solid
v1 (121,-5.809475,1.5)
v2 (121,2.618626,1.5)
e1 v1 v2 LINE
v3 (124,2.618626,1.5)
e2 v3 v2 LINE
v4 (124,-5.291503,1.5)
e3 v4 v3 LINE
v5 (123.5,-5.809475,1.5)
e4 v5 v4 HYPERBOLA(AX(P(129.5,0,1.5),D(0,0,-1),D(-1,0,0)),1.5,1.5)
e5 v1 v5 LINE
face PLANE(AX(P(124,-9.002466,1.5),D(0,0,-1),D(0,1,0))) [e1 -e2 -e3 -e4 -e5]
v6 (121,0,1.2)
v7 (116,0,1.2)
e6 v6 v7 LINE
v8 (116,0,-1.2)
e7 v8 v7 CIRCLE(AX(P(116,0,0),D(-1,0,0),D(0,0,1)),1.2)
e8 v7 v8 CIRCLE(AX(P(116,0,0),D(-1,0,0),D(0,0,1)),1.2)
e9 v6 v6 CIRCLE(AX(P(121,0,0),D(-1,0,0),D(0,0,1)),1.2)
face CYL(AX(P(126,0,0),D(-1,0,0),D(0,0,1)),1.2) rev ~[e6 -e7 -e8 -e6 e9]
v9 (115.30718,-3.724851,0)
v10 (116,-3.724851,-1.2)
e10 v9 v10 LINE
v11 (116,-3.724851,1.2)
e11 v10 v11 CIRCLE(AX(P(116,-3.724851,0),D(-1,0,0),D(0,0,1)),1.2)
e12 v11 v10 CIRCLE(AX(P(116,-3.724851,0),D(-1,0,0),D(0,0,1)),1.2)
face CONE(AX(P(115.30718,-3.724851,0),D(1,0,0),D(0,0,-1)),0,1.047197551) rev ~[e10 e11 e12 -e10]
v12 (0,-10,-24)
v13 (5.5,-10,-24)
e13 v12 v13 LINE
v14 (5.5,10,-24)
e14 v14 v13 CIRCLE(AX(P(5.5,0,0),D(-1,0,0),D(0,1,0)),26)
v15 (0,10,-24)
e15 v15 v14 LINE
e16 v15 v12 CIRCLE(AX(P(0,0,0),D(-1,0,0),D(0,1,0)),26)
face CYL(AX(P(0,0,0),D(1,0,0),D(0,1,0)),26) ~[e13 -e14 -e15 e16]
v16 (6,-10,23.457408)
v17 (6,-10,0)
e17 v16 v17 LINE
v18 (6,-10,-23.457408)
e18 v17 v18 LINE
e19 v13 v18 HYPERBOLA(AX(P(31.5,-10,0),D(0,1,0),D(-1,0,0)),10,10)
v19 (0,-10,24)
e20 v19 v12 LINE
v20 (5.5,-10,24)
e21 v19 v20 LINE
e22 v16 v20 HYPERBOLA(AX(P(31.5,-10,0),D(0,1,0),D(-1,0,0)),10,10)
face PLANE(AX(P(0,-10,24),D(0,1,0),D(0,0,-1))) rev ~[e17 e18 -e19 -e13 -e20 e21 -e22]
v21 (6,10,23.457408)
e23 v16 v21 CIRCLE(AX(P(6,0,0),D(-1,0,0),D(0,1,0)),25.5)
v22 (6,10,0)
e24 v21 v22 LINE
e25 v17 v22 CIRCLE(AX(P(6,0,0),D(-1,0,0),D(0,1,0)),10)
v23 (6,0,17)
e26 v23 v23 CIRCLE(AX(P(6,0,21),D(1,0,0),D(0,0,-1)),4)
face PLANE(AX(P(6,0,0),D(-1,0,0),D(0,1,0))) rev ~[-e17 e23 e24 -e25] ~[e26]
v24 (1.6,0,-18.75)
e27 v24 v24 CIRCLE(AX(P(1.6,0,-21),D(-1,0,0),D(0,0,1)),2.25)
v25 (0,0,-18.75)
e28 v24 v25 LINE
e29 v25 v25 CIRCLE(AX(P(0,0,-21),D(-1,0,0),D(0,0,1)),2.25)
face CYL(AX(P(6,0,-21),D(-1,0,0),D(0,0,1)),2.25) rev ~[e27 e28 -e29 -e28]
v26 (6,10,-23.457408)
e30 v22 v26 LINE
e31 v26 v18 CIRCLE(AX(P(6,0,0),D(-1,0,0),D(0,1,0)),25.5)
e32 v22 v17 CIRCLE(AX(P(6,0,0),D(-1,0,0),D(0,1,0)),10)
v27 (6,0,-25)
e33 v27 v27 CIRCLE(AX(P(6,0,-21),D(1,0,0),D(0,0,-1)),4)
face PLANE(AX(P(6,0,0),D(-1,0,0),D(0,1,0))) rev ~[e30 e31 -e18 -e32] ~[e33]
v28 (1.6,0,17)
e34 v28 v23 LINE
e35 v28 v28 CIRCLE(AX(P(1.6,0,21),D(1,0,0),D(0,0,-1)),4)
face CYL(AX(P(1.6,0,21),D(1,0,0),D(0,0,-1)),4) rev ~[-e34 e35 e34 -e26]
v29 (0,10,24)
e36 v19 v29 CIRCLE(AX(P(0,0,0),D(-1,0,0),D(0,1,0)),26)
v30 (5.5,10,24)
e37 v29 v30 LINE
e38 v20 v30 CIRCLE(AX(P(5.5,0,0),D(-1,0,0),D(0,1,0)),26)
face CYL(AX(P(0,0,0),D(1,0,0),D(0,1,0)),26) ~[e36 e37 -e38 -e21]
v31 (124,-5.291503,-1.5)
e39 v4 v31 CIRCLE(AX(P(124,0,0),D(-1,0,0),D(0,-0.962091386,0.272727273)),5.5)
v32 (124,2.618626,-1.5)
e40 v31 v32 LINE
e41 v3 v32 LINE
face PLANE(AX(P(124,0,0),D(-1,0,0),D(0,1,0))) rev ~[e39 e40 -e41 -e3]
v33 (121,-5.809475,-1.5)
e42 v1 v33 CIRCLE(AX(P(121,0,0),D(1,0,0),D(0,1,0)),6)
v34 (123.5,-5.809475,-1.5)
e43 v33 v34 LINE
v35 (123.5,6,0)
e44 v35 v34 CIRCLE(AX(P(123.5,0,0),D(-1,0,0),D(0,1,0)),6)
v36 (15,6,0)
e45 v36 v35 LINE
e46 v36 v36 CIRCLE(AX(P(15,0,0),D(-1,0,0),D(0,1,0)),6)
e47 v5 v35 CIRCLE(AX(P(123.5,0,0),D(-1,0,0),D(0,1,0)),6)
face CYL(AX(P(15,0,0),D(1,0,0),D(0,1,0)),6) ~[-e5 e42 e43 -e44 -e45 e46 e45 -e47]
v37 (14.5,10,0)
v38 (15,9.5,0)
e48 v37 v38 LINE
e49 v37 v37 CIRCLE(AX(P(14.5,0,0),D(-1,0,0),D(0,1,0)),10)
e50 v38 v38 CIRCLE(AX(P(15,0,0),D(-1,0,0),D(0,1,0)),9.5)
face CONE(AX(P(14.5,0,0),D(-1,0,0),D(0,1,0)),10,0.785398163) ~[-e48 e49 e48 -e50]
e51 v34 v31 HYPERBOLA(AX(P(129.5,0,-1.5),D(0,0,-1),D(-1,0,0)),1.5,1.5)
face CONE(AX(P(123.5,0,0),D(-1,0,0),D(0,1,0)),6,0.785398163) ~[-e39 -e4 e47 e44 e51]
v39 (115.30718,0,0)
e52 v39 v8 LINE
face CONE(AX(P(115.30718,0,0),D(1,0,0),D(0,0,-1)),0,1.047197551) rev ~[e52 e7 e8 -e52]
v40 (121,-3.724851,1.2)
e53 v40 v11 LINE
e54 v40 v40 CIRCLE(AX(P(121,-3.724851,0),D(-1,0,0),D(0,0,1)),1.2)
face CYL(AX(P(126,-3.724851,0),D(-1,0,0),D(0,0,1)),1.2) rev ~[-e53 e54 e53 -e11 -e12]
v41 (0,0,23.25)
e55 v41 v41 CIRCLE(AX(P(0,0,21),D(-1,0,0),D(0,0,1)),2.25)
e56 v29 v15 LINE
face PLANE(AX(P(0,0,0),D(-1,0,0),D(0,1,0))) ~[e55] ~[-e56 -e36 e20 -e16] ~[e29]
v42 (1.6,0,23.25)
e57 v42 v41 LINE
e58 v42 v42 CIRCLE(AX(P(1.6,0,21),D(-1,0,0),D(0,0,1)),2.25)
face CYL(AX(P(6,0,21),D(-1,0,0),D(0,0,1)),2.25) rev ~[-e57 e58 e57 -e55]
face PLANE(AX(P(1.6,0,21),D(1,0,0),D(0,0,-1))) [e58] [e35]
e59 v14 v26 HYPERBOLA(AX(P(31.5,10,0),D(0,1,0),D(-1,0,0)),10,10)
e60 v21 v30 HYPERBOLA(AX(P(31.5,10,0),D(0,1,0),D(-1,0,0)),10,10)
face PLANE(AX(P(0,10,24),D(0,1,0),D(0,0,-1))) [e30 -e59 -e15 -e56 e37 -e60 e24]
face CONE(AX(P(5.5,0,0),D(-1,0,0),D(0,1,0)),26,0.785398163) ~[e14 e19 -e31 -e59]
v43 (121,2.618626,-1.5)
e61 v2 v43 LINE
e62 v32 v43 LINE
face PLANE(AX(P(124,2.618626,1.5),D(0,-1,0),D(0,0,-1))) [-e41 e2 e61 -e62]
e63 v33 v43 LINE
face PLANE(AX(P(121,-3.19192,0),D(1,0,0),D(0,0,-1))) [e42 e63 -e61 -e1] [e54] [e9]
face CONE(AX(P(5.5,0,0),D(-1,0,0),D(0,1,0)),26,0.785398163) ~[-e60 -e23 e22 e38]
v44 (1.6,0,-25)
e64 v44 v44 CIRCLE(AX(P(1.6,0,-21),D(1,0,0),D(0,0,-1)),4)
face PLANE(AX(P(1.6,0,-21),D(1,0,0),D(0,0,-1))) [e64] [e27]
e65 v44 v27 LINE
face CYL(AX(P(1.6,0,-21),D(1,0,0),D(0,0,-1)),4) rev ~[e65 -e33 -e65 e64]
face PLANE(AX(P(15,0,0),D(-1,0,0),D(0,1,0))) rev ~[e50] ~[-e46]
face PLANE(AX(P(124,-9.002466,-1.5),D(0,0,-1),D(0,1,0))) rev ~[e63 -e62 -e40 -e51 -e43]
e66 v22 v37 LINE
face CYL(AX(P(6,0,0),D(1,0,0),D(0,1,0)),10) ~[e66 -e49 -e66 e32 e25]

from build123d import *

# Parameters (mm, degrees)
CHANFREIN1_SIZE                                    = 0.5
CHAMBRAGE_POUR_VIS_T_TE_HEXAGONALE_M41_D           = 4.5
CHAMBRAGE_POUR_VIS_T_TE_HEXAGONALE_M41_CBORE_D     = 8
CHAMBRAGE_POUR_VIS_T_TE_HEXAGONALE_M41_CBORE_DEPTH = 4.4
ENL_V_MAT_EXTRU_2_DEPTH                            = 130.336769714
CHANFREIN3_SIZE                                    = 0.5
ESQUISSE12_W                                       = 3
ESQUISSE12_H                                       = 11.621091342
ENL_V_MAT_EXTRU_3_DEPTH                            = 3
D_GAGEMENT_M21_D                                   = 2.4
D_GAGEMENT_M21_DEPTH                               = 5
D_GAGEMENT_M21_TIP                                 = 0.692820323


with BuildPart() as part:
    # Esquisse1 → Révolution1 (revolve)
    with BuildSketch(Plane.XY):
        Polygon((15, 6), (124, 6), (124, 0), (0, 0), (0, 26), (6, 26), (6, 10), (15, 10), align=None)
    revolve(axis=Axis((124, 0, 0), (-1, 0, 0)))

    # Chanfrein1
    chanfrein1_edges = [part.edges().sort_by_distance(p)[0] for p in [
        (6, -26, 0),
        (15, -10, 0),
    ]]
    chamfer(chanfrein1_edges, length=CHANFREIN1_SIZE)

    # Chambrage pour vis à tête hexagonale M41 (through all)
    with Locations(Plane(origin=(6, 0, 0), x_dir=(0, 0, -1), z_dir=(1, 0, 0))):
        with Locations((-21, 0), (21, 0)):
            CounterBoreHole(CHAMBRAGE_POUR_VIS_T_TE_HEXAGONALE_M41_D / 2, CHAMBRAGE_POUR_VIS_T_TE_HEXAGONALE_M41_CBORE_D / 2, CHAMBRAGE_POUR_VIS_T_TE_HEXAGONALE_M41_CBORE_DEPTH)

    # Esquisse11 → Enlèv. mat.-Extru.2 (cut, through all)
    with BuildSketch(Plane.ZY):
        with BuildLine():
            Line((24, -10), (-24, -10))
            ThreePointArc((-24, -10), (0, -26), (24, -10))
        make_face()
        with BuildLine():
            Line((24, 10), (-24, 10))
            ThreePointArc((-24, 10), (0, 26), (24, 10))
        make_face()
    extrude(amount=-ENL_V_MAT_EXTRU_2_DEPTH, mode=Mode.SUBTRACT)

    # Chanfrein3
    chanfrein3_edges = [part.edges().sort_by_distance(p)[0] for p in [
        (124, -6, 0),
    ]]
    chamfer(chanfrein3_edges, length=CHANFREIN3_SIZE)

    # Esquisse12 → Enlèv. mat.-Extru.3 (cut)
    with BuildSketch(Plane(origin=(124, 0, 0), x_dir=(0, 0, -1), z_dir=(1, 0, 0))):
        with Locations((0, -3.191920072)):
            Rectangle(ESQUISSE12_W, ESQUISSE12_H)
    extrude(amount=-ENL_V_MAT_EXTRU_3_DEPTH, mode=Mode.SUBTRACT)

    # Dégagement M21
    with Locations(Plane(origin=(121, 0, 0), x_dir=(0, 0, -1), z_dir=(1, 0, 0))):
        with Locations((0, 0), (0, -3.724850959)):
            Hole(D_GAGEMENT_M21_D / 2, depth=D_GAGEMENT_M21_DEPTH)
            with Locations((0, 0, -(D_GAGEMENT_M21_DEPTH + D_GAGEMENT_M21_TIP / 2))):  # 120° drill point
                Cone(0, D_GAGEMENT_M21_D / 2, D_GAGEMENT_M21_TIP, mode=Mode.SUBTRACT)


solid = part.part
